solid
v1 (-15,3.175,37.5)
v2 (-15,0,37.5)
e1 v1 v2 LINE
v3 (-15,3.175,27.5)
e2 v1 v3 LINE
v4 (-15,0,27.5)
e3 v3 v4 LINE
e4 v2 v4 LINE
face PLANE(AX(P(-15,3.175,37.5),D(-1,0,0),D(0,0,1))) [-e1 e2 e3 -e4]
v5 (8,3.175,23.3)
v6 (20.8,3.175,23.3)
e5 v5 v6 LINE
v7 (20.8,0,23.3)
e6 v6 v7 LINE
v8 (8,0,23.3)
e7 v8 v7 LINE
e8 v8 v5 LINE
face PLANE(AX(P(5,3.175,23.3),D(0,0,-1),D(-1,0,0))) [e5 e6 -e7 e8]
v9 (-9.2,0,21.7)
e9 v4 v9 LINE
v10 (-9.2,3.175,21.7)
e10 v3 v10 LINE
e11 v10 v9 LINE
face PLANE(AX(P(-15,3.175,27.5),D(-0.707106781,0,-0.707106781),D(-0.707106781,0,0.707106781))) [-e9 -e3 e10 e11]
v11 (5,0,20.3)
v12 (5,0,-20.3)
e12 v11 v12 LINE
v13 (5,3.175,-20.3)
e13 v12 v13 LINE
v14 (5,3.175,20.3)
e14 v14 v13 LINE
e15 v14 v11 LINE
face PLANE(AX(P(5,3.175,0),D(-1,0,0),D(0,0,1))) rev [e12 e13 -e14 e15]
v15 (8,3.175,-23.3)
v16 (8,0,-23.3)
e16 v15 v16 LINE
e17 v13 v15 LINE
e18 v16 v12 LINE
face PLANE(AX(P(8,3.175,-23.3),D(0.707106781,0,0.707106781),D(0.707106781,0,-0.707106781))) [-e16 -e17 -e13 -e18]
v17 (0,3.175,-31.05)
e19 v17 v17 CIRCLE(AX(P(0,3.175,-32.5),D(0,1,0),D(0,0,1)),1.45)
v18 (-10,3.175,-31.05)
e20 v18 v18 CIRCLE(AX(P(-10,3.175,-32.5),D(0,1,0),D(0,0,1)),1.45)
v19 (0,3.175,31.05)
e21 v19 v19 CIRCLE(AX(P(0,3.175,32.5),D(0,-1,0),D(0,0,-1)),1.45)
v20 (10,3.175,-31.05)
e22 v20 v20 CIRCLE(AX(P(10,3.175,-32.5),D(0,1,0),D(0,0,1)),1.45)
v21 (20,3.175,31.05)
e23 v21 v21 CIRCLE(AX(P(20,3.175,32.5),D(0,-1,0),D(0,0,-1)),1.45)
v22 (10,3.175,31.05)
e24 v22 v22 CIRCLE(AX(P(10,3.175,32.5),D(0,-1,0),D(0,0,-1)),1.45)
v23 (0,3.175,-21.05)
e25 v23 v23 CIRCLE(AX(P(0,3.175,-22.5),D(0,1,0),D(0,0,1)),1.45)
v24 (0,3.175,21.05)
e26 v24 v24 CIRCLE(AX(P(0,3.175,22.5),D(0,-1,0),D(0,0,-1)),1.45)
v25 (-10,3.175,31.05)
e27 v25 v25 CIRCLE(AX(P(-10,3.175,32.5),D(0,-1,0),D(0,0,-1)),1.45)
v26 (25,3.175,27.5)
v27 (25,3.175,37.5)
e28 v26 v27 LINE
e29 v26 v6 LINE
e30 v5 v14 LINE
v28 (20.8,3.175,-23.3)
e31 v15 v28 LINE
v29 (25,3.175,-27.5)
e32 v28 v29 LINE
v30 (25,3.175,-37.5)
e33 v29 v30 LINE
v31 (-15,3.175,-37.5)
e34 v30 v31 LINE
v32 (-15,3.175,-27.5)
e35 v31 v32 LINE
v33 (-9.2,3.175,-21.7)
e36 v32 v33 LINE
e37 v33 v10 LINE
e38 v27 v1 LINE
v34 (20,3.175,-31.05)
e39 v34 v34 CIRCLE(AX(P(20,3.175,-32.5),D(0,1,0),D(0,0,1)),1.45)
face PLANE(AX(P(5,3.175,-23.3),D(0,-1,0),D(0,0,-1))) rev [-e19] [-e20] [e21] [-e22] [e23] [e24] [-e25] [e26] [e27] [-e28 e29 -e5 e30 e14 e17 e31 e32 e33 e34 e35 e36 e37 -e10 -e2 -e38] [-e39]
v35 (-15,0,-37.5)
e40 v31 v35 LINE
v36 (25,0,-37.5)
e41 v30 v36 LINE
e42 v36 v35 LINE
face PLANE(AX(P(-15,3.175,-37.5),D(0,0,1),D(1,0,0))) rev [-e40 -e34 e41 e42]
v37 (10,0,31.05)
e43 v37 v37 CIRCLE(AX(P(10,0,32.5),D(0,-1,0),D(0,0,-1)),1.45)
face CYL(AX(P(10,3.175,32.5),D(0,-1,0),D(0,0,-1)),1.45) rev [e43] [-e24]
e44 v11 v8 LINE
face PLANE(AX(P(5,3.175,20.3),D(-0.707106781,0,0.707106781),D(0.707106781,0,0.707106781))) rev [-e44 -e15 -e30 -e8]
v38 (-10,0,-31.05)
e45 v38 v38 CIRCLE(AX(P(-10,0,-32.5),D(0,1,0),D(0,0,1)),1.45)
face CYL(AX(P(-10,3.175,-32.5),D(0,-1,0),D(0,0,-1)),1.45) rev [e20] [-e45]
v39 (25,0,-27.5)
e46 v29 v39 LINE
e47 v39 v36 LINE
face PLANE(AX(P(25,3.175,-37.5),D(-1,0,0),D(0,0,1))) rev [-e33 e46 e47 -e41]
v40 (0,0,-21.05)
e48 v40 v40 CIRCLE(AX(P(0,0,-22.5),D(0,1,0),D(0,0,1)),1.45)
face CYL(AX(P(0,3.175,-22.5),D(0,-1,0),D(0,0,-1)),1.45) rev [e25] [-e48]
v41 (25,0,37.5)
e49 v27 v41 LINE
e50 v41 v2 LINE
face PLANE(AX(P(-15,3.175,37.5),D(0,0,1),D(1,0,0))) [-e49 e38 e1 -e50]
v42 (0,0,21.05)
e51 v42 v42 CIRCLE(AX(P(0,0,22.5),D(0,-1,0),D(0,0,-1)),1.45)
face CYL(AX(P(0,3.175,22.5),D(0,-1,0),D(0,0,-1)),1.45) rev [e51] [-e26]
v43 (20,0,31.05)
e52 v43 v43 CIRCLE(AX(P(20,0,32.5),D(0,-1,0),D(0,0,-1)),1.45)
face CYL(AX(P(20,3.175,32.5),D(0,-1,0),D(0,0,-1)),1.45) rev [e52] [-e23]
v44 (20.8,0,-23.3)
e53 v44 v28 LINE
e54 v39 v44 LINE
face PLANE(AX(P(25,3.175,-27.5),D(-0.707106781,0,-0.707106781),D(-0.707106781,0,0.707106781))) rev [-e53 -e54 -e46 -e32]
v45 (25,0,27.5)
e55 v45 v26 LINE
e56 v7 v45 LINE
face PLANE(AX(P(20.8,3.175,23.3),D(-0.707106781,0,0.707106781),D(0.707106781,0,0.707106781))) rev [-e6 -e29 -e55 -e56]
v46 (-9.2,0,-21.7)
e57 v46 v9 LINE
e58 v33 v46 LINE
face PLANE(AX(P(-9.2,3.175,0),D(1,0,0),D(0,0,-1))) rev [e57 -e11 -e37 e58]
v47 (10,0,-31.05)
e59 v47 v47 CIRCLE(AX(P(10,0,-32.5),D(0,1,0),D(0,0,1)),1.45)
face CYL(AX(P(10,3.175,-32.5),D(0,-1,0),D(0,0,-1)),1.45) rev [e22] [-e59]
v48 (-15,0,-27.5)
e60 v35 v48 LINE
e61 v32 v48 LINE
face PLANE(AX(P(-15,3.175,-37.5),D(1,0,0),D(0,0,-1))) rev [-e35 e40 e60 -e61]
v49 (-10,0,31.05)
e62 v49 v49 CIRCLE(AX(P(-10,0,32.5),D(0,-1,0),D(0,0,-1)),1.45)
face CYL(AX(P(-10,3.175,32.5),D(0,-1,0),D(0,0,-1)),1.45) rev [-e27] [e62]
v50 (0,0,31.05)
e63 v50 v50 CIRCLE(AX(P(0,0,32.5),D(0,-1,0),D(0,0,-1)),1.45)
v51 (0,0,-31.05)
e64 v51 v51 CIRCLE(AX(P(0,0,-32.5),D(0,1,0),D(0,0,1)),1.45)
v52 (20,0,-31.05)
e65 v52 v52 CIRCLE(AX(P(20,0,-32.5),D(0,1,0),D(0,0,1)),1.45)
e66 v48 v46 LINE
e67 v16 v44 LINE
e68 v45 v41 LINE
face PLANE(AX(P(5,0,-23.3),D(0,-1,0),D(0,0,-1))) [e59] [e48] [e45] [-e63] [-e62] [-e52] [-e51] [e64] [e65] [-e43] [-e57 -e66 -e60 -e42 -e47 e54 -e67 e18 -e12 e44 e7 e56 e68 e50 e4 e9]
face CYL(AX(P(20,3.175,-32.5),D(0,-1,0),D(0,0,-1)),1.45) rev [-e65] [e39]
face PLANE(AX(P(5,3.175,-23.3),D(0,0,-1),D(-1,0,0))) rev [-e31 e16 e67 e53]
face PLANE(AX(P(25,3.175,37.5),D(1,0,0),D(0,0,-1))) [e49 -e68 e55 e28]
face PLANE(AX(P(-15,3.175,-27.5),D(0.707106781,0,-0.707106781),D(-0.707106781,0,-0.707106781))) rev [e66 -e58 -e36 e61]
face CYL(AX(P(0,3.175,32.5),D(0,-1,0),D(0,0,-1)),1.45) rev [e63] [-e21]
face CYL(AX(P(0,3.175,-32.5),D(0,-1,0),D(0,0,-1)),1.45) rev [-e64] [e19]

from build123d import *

# Parameters (mm, degrees)
SKETCH1_R           = 1.45
BOSS_EXTRUDE1_DEPTH = 3.175
CHAMFER1_SIZE       = 4.2
CHAMFER2_SIZE       = 3


with BuildPart() as part:
    # Sketch1 → Boss-Extrude1 (new body)
    with BuildSketch(Plane(origin=(0, 0, 0), x_dir=(1, 0, 0), z_dir=(0, 1, 0))):
        Polygon((5, 23.3), (25, 23.3), (25, 37.5), (-15, 37.5), (-15, 27.5), (-9.2, 21.7), (-9.2, 0), (5, 0), align=None)
        with Locations((0, 22.5)):
            Circle(SKETCH1_R, mode=Mode.SUBTRACT)
        with Locations((-10, 32.5)):
            Circle(SKETCH1_R, mode=Mode.SUBTRACT)
        with Locations((20, 32.5)):
            Circle(SKETCH1_R, mode=Mode.SUBTRACT)
        with Locations((0, 32.5)):
            Circle(SKETCH1_R, mode=Mode.SUBTRACT)
        with Locations((10, 32.5)):
            Circle(SKETCH1_R, mode=Mode.SUBTRACT)
    boss_extrude1 = extrude(amount=BOSS_EXTRUDE1_DEPTH)

    # Mirror1: Boss-Extrude1 across plane
    add(boss_extrude1.mirror(Plane(origin=(5, 3.175, 0), x_dir=(1, 0, 0), z_dir=(0, 0, -1))))

    # Chamfer1
    chamfer1_edges = [part.edges().sort_by_distance(p)[0] for p in [
        (25, 1.5875, -23.3),
        (25, 1.5875, 23.3),
    ]]
    chamfer(chamfer1_edges, length=CHAMFER1_SIZE)

    # Chamfer2
    chamfer2_edges = [part.edges().sort_by_distance(p)[0] for p in [
        (5, 1.5875, -23.3),
        (5, 1.5875, 23.3),
    ]]
    chamfer(chamfer2_edges, length=CHAMFER2_SIZE)


solid = part.part
